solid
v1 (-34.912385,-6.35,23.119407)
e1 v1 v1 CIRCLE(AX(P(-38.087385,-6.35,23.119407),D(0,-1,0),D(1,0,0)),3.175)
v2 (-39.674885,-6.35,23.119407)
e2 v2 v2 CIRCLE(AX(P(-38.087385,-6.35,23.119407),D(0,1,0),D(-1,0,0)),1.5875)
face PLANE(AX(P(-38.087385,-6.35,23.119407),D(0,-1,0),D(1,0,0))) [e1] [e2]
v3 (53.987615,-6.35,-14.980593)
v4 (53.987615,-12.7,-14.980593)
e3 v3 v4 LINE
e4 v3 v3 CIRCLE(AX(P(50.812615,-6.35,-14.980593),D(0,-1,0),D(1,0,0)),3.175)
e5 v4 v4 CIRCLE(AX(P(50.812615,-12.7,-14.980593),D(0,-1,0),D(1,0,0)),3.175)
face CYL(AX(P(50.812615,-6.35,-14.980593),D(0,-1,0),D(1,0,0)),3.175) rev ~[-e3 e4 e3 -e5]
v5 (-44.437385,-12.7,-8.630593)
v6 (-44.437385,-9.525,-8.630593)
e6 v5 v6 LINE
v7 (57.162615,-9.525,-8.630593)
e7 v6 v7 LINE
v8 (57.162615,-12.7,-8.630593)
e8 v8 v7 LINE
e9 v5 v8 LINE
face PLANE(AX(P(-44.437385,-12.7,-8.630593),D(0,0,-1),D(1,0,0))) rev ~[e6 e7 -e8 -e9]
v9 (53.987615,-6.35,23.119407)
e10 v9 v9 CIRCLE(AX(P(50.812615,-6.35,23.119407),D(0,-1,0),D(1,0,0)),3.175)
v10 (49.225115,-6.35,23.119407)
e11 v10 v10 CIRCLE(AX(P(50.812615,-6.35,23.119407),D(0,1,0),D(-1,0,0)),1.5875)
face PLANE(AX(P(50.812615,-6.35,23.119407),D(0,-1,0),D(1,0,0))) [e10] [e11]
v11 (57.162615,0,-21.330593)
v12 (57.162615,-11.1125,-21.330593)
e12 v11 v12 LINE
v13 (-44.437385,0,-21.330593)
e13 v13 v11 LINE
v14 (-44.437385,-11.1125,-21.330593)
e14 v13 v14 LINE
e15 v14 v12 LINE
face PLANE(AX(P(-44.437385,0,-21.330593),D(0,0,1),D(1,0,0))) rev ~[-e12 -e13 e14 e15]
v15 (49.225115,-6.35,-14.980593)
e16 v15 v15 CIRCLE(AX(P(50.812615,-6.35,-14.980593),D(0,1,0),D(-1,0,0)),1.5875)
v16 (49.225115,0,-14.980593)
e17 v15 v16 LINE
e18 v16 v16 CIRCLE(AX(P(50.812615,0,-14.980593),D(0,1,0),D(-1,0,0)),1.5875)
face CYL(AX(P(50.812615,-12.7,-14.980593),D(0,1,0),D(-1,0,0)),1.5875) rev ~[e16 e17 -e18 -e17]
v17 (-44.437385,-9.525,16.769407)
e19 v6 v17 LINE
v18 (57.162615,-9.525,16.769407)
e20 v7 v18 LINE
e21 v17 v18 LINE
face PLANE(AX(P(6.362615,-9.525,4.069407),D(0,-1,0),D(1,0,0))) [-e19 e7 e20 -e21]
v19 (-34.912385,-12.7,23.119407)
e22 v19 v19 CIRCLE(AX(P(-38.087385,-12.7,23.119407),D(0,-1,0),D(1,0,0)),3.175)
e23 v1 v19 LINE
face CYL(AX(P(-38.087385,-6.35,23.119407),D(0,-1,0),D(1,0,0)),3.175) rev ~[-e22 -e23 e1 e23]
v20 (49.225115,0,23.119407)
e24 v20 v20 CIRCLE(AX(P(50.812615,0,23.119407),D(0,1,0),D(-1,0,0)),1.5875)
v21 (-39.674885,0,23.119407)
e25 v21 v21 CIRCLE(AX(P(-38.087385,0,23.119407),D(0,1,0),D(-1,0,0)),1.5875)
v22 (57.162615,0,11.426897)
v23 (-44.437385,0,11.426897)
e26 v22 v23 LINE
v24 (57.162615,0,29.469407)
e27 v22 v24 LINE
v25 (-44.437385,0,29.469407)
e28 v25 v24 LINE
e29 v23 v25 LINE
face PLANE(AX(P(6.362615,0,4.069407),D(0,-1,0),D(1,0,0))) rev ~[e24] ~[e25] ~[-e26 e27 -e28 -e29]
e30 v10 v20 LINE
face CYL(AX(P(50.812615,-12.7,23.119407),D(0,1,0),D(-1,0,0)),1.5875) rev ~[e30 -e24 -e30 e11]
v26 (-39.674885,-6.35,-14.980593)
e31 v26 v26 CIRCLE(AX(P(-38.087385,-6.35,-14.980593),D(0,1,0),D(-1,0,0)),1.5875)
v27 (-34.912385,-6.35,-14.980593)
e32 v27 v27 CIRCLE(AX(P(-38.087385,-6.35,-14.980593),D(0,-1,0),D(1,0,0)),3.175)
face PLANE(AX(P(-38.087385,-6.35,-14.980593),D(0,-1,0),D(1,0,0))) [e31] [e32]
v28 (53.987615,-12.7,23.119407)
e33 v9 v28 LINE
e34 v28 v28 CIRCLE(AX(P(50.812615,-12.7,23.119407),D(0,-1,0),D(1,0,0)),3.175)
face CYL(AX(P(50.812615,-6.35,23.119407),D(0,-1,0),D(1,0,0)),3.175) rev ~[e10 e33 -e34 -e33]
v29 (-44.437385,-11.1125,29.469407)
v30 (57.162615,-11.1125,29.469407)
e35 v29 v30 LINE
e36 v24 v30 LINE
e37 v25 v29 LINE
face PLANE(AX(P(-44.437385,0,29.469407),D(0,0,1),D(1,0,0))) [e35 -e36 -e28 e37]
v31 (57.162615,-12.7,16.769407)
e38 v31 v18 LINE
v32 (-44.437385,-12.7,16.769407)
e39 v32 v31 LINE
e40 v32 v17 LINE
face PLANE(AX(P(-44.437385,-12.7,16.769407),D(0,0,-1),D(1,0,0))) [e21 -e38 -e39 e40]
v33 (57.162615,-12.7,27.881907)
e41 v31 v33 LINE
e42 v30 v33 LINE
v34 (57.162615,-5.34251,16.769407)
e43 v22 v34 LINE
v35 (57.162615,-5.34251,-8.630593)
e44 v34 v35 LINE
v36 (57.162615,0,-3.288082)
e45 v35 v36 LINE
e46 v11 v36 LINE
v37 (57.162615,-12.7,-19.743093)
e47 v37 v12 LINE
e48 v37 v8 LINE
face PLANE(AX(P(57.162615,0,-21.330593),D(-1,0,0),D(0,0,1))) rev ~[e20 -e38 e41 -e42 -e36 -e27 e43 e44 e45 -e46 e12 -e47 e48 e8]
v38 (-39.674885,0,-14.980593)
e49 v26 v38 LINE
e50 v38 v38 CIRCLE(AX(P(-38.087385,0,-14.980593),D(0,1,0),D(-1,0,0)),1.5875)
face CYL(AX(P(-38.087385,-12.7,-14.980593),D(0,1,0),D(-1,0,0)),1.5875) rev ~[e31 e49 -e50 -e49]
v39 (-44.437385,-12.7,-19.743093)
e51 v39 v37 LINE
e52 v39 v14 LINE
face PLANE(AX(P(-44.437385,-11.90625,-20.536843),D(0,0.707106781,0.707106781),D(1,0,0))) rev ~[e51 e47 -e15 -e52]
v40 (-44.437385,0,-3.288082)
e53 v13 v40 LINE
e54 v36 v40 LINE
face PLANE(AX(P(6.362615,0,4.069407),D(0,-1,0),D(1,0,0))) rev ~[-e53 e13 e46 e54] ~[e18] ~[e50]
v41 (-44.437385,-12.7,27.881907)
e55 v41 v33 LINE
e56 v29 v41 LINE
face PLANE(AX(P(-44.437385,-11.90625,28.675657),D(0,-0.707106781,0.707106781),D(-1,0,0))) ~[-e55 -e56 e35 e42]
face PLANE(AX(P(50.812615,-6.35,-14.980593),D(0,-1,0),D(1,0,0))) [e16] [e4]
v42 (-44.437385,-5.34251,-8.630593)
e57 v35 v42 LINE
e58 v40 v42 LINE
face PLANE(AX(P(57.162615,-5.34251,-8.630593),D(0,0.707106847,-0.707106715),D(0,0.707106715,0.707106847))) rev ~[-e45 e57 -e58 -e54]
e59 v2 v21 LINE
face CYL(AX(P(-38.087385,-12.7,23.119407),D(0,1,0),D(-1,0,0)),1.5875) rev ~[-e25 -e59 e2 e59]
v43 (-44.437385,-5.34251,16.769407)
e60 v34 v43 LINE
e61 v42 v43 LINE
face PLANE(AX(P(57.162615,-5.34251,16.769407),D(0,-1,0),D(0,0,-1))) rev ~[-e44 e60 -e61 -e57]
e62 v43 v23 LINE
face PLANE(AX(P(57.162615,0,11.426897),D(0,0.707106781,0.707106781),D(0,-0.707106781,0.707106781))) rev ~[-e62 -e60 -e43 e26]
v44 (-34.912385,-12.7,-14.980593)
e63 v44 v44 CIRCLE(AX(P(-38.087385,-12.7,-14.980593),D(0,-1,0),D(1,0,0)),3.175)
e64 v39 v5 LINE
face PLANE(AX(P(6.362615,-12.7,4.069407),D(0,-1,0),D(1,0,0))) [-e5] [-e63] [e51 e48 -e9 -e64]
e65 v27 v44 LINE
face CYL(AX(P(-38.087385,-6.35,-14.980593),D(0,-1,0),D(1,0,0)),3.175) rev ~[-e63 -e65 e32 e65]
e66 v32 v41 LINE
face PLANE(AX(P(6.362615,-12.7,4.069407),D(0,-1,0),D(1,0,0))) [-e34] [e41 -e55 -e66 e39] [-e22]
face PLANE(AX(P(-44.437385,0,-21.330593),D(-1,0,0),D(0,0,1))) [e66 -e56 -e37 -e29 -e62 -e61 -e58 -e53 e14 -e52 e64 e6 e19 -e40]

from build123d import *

# Parameters (mm, degrees)
F0_W           = 101.6
F0_H           = 50.8
F1_DEPTH       = 12.7
F3_D           = 3.175
F3_CBORE_D     = 6.35
F3_CBORE_DEPTH = 6.35
F4_W           = 101.6
F4_H           = 25.4
F5_DEPTH       = 3.175
F6_SIZE        = 1.5875
F8_DEPTH       = 101.601


with BuildPart() as f1:
    # F0 (on Front) → F1 (new body)
    with BuildSketch(Plane.XZ):
        with Locations((6.362615, 4.069407)):
            Rectangle(F0_W, F0_H)
    extrude(amount=F1_DEPTH)

    # F3 (through all)
    with Locations(Plane.XZ.offset(12.7)):
        with Locations((-38.087385, -14.980593), (50.812615, -14.980593), (50.812615, 23.119407), (-38.087385, 23.119407)):
            CounterBoreHole(F3_D / 2, F3_CBORE_D / 2, F3_CBORE_DEPTH)

    # F4 (on face) → F5 (cut)
    with BuildSketch(Plane.XZ.offset(12.7)):
        with Locations((6.362615, 4.069407)):
            Rectangle(F4_W, F4_H)
    extrude(amount=-F5_DEPTH, mode=Mode.SUBTRACT)

    # F6
    f6_edges = [f1.edges().sort_by_distance(p)[0] for p in [
        (6.362615, -12.7, 29.469407),
        (6.362615, -12.7, -21.330593),
    ]]
    chamfer(f6_edges, length=F6_SIZE)

    # F7 (on face) → F8 (cut, through all)
    with BuildSketch(Plane.YZ.offset(57.162615)):
        Polygon((-5.34251, 16.769407), (-5.34251, -8.630593), (0, -3.288082), (0, 11.426897), align=None)
    extrude(amount=-F8_DEPTH, mode=Mode.SUBTRACT)


solid = f1.part
